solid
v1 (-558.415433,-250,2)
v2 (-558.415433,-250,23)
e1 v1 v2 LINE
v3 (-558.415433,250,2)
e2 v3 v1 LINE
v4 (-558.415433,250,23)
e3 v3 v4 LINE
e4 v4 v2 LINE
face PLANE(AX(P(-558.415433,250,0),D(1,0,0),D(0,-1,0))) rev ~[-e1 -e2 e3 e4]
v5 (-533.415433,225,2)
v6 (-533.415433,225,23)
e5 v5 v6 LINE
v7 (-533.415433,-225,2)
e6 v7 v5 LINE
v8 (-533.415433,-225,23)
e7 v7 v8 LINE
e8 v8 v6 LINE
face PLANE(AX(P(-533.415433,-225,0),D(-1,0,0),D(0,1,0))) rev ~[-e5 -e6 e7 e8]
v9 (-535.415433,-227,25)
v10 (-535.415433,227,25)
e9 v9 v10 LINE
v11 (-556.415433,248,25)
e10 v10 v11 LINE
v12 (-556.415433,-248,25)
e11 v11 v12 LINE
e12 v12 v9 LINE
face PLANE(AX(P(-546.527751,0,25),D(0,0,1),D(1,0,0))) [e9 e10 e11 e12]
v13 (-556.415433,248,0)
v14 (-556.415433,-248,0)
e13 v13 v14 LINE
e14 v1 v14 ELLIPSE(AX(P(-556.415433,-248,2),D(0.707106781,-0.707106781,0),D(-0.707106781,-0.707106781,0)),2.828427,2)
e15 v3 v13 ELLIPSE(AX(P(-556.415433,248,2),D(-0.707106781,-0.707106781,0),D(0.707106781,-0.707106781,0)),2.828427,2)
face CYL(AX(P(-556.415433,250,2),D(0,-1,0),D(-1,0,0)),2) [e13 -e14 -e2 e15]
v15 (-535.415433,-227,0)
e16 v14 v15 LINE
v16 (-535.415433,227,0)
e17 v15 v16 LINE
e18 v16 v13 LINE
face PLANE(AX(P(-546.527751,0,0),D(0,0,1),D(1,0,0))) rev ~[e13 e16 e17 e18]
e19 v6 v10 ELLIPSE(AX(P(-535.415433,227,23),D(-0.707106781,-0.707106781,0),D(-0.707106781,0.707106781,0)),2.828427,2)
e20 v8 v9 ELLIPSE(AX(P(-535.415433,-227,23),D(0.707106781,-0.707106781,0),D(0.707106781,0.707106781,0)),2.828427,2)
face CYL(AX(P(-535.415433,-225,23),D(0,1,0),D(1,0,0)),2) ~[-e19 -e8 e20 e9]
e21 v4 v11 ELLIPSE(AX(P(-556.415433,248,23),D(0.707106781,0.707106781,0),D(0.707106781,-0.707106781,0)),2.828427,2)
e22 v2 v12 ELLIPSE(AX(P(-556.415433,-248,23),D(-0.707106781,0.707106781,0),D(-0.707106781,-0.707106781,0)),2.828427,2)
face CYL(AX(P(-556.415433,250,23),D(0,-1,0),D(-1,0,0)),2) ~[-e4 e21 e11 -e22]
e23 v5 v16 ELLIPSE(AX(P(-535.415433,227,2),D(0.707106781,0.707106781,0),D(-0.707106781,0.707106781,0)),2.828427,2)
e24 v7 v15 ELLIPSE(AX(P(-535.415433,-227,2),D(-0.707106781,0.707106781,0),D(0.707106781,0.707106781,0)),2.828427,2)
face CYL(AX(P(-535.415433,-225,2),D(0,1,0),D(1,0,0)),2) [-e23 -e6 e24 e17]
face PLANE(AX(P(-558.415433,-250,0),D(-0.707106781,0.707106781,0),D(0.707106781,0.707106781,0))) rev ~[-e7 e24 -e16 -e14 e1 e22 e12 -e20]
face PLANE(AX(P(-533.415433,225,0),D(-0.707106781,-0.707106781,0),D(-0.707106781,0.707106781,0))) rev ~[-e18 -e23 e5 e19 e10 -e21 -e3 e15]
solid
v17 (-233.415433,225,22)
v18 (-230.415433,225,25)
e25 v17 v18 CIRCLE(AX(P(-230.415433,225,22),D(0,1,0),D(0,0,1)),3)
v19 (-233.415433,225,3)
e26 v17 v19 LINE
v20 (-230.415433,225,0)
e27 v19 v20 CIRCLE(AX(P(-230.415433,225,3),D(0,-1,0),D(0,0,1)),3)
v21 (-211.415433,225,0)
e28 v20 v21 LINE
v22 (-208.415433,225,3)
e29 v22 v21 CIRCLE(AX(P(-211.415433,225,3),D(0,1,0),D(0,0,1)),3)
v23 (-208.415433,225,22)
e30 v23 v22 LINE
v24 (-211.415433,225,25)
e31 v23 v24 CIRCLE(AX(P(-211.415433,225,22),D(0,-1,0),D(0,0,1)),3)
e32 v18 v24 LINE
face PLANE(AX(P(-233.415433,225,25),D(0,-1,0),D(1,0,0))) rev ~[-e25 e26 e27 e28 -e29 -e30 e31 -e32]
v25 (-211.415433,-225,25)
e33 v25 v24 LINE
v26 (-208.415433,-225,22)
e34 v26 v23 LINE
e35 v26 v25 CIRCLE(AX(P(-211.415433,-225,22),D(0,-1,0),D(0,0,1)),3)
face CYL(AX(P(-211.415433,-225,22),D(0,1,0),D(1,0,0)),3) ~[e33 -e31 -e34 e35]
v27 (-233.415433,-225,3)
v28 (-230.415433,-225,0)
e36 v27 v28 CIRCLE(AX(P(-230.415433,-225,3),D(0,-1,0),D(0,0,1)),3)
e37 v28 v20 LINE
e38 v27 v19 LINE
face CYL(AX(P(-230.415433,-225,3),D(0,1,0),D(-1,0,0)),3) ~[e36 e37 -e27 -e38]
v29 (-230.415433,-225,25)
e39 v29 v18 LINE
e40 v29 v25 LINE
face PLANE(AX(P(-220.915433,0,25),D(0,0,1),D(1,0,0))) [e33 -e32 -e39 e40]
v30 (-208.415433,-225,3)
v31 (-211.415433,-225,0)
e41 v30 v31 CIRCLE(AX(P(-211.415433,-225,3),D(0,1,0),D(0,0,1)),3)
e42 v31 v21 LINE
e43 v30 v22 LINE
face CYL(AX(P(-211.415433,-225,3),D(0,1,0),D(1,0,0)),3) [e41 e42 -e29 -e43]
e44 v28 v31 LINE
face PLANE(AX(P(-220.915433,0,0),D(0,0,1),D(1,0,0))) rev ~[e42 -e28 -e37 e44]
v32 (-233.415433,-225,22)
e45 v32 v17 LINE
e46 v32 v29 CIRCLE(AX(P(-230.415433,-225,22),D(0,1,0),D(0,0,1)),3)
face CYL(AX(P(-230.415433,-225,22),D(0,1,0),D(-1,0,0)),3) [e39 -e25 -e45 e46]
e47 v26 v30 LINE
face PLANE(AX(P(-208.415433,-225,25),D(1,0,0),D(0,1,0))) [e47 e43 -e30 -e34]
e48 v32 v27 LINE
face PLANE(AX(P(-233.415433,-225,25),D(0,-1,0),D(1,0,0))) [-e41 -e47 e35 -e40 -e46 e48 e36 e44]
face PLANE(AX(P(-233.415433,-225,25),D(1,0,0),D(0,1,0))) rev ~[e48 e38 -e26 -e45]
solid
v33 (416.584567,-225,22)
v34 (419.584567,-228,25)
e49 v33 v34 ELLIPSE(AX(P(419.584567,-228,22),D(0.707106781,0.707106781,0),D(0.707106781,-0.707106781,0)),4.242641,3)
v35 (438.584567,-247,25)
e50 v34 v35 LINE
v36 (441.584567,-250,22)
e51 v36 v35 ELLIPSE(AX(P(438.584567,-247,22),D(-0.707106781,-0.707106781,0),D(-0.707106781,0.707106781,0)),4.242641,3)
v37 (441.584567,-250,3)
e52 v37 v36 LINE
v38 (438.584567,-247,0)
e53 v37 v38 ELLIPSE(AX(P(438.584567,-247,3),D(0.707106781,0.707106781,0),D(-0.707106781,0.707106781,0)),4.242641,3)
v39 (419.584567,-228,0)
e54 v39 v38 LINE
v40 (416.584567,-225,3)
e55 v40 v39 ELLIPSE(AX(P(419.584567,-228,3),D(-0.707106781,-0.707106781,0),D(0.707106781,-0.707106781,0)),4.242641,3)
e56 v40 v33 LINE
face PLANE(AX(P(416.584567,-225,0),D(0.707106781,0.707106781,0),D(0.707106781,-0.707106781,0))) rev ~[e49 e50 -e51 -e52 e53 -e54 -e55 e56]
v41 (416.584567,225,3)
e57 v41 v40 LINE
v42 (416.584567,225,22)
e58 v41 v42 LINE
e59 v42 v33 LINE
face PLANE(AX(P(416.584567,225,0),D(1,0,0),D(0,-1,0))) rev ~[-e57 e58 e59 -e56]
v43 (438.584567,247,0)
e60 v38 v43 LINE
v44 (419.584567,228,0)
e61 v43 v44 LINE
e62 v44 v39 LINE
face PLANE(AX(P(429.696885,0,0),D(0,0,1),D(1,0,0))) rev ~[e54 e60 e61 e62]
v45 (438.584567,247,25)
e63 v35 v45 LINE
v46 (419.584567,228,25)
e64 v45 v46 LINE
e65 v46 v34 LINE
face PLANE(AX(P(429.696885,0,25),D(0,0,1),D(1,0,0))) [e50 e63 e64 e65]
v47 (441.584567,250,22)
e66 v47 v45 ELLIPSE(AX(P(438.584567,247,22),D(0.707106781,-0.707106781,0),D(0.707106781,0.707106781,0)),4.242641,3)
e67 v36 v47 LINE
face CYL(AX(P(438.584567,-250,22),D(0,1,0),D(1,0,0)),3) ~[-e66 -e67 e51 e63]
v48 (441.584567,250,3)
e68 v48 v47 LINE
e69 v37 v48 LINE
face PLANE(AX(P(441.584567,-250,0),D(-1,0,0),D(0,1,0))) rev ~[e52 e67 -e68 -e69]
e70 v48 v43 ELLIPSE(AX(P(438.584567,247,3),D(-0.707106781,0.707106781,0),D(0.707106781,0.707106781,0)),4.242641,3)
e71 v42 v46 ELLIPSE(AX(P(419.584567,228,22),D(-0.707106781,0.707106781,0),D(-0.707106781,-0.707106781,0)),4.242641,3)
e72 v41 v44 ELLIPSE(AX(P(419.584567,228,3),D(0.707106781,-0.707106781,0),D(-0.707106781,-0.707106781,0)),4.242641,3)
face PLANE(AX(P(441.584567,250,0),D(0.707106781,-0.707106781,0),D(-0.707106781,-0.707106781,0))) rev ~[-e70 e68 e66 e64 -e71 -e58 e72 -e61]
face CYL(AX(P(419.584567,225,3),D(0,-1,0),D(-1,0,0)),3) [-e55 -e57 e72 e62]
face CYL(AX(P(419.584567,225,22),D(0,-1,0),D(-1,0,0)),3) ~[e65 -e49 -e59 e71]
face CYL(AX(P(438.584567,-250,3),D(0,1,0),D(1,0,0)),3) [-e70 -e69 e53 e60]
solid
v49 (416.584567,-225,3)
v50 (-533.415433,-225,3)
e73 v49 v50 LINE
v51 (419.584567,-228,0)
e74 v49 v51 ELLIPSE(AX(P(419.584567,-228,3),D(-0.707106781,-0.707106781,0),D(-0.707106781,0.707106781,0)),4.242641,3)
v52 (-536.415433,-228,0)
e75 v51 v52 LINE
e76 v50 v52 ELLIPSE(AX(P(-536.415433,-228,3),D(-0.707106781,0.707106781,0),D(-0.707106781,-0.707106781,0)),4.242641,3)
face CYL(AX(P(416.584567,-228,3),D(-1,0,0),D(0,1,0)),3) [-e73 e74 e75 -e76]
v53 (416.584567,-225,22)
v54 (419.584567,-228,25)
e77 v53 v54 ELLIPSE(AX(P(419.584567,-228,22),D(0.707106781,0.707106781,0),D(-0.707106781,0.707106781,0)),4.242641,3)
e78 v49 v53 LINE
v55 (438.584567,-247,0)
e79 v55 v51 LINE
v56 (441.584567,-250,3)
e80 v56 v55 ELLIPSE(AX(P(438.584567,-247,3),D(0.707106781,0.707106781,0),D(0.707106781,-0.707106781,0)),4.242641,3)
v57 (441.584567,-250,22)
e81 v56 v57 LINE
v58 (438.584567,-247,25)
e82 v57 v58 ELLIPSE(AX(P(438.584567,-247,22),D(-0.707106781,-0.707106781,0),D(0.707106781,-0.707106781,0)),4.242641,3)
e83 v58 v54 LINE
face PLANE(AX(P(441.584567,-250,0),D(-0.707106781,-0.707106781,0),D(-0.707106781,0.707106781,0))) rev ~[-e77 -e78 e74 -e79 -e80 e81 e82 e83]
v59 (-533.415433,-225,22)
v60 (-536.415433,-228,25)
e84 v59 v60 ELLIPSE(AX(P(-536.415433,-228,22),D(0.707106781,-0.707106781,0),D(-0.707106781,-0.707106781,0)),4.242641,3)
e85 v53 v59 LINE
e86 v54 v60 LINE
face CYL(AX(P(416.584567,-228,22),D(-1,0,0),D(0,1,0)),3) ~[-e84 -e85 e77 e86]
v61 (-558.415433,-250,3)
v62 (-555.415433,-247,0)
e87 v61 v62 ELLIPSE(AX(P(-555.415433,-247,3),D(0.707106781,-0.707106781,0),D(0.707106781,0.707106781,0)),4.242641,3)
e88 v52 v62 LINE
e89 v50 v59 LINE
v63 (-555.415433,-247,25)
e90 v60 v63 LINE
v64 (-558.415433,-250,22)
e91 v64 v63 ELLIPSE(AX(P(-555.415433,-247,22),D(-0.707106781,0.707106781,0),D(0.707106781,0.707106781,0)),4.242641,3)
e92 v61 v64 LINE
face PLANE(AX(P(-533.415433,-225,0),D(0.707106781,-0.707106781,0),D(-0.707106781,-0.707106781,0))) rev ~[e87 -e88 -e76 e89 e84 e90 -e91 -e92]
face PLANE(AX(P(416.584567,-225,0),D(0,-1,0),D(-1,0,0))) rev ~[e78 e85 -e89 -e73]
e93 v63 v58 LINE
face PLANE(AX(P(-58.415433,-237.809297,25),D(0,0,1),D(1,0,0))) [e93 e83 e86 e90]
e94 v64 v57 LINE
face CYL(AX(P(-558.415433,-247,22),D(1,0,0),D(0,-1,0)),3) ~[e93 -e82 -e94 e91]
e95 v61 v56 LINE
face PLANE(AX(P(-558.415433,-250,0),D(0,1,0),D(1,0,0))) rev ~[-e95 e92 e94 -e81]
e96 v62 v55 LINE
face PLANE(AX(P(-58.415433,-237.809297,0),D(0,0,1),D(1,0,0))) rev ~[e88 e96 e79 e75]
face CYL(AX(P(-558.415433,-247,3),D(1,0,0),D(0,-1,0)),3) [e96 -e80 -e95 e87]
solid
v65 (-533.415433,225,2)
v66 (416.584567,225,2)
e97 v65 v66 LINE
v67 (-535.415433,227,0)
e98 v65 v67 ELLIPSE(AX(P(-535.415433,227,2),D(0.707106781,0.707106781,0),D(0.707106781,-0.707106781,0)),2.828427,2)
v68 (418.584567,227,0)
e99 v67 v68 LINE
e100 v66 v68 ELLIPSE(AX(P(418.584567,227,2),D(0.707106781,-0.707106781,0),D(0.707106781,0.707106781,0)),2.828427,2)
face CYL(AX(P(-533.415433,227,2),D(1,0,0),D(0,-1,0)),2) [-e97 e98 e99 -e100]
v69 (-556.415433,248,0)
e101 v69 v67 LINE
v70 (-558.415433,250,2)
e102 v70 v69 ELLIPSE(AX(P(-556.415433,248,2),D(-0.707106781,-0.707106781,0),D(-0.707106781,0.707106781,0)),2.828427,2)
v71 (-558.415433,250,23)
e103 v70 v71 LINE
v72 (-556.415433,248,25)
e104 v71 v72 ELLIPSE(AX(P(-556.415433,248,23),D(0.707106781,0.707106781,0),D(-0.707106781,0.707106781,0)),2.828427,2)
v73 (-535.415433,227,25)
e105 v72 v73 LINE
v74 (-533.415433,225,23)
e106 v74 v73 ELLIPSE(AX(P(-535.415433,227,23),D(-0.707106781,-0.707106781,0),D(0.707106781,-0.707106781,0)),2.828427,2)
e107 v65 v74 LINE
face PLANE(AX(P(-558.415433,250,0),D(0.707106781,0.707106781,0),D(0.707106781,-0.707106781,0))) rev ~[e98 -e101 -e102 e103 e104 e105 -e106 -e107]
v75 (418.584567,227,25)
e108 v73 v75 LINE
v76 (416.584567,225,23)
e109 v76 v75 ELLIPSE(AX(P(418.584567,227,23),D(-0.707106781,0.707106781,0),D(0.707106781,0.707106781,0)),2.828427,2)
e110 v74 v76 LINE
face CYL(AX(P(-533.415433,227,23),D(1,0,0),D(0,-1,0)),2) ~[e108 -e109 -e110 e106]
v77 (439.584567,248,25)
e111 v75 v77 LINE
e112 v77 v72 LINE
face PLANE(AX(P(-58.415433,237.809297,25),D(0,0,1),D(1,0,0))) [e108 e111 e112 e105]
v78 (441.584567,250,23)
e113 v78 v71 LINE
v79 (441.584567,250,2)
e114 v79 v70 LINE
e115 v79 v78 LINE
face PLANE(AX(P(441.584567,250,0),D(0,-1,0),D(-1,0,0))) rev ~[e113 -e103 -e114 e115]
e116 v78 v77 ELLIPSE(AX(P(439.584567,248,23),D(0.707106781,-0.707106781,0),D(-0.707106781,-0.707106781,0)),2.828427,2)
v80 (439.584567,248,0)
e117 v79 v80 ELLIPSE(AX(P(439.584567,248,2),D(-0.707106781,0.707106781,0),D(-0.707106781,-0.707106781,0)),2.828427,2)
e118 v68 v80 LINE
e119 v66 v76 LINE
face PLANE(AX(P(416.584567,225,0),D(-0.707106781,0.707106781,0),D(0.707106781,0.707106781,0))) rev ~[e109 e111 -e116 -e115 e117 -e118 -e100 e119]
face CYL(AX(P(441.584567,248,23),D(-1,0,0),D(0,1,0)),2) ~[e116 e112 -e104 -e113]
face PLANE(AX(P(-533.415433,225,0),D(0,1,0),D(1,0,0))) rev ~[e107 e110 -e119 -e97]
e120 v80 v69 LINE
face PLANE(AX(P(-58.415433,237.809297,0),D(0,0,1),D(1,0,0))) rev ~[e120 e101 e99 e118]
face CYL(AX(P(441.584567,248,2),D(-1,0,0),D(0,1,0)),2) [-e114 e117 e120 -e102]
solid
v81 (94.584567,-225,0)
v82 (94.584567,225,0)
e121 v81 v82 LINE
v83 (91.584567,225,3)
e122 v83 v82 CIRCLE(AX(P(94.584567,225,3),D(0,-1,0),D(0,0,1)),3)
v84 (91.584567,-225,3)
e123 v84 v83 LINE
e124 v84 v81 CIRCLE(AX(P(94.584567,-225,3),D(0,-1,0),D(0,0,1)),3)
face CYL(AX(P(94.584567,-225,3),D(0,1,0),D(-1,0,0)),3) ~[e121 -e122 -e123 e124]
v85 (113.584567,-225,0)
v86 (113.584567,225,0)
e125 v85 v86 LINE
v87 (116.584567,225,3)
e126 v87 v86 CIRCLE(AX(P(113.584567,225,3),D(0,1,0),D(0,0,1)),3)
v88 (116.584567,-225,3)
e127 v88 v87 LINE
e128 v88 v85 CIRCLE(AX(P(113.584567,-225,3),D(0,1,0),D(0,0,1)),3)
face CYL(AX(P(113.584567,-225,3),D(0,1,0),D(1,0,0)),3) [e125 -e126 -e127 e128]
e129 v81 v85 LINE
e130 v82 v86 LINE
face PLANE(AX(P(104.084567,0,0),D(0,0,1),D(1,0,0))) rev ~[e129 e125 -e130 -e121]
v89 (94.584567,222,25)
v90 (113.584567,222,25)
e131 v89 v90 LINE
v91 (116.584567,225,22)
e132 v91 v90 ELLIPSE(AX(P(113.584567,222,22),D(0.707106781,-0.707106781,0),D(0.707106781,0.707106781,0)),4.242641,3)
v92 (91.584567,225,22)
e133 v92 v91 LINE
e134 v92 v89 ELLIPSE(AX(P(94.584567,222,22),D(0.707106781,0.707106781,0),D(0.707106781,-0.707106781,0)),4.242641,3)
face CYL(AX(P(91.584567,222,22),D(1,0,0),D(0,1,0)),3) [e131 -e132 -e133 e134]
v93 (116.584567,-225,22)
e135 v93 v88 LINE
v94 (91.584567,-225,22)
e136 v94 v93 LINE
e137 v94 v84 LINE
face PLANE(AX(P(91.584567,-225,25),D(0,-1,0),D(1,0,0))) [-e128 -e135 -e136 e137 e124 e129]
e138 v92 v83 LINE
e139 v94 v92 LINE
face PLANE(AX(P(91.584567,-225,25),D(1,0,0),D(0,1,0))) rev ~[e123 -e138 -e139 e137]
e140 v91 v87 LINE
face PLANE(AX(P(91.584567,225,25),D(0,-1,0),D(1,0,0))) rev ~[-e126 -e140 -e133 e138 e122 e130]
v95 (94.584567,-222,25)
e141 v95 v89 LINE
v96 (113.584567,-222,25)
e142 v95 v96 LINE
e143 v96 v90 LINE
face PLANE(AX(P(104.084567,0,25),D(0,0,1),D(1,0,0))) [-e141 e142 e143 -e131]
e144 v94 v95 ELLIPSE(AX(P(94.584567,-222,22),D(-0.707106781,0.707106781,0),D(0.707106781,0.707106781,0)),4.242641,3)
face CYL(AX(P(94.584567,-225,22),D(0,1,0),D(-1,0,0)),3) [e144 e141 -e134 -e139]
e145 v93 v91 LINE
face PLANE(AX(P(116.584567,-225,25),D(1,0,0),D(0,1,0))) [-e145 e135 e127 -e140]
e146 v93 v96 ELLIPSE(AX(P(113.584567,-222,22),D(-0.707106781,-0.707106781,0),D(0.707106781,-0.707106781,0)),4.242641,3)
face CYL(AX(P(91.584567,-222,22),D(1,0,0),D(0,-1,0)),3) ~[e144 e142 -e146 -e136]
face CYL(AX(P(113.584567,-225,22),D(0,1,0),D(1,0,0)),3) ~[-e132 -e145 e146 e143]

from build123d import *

# Parameters (mm, degrees)
F1_DEPTH  = 25
F2_R      = 2
F4_DEPTH  = 25
F5_R      = 2
F7_DEPTH  = 25
F8_R      = 3
F10_DEPTH = 25
F11_R     = 3
F12_W     = 25
F12_H     = 450
F13_DEPTH = 25
F14_R     = 3


with BuildPart() as f1:
    # F0 (on Top) → F1 (new body)
    with BuildSketch(Plane.XY):
        Polygon((-533.415433, 225), (-558.415433, 250), (-558.415433, -250), (-533.415433, -225), align=None)
    extrude(amount=F1_DEPTH)

    # F2
    f2_edges = [f1.edges().sort_by_distance(p)[0] for p in [
        (-533.415433, 0, 25),
        (-533.415433, 0, 0),
        (-558.415433, 0, 0),
        (-558.415433, 0, 25),
    ]]
    fillet(f2_edges, radius=F2_R)


with BuildPart() as f4:
    # F3 (on Top) → F4 (new body)
    with BuildSketch(Plane.XY):
        Polygon((441.584567, 250), (-558.415433, 250), (-533.415433, 225), (416.584567, 225), align=None)
    extrude(amount=F4_DEPTH)

    # F5
    f5_edges = [f4.edges().sort_by_distance(p)[0] for p in [
        (-58.415433, 225, 25),
        (-58.415433, 250, 25),
        (-58.415433, 250, 0),
        (-58.415433, 225, 0),
    ]]
    fillet(f5_edges, radius=F5_R)


with BuildPart() as f7:
    # F6 (on Top) → F7 (new body)
    with BuildSketch(Plane.XY):
        Polygon((-533.415433, -225), (-558.415433, -250), (441.584567, -250), (416.584567, -225), align=None)
    extrude(amount=F7_DEPTH)

    # F8
    f8_edges = [f7.edges().sort_by_distance(p)[0] for p in [
        (-58.415433, -250, 25),
        (-58.415433, -225, 25),
        (-58.415433, -250, 0),
        (-58.415433, -225, 0),
    ]]
    fillet(f8_edges, radius=F8_R)


with BuildPart() as f10:
    # F9 (on Top) → F10 (new body)
    with BuildSketch(Plane.XY):
        Polygon((416.584567, -225), (441.584567, -250), (441.584567, 250), (416.584567, 225), align=None)
    extrude(amount=F10_DEPTH)

    # F11
    f11_edges = [f10.edges().sort_by_distance(p)[0] for p in [
        (441.584567, 0, 25),
        (416.584567, 0, 25),
        (441.584567, 0, 0),
        (416.584567, 0, 0),
    ]]
    fillet(f11_edges, radius=F11_R)


with BuildPart() as f13:
    # F12 (on face) → F13 (new body)
    with BuildSketch(Plane.XY.offset(25)):
        with Locations((-220.915433, 0)):
            Rectangle(F12_W, F12_H)
        with Locations((104.084567, 0)):
            Rectangle(F12_W, F12_H)
    extrude(amount=-F13_DEPTH)

    # F14
    f14_edges = [f13.edges().sort_by_distance(p)[0] for p in [
        (-208.415433, 0, 25),
        (-233.415433, 0, 25),
        (-208.415433, 0, 0),
        (104.084567, 225, 25),
        (91.584567, 0, 25),
        (104.084567, -225, 25),
        (116.584567, 0, 25),
        (116.584567, 0, 0),
        (91.584567, 0, 0),
        (-233.415433, 0, 0),
    ]]
    fillet(f14_edges, radius=F14_R)


solid = Compound([f1.part, f4.part, f7.part, f10.part, f13.part])
